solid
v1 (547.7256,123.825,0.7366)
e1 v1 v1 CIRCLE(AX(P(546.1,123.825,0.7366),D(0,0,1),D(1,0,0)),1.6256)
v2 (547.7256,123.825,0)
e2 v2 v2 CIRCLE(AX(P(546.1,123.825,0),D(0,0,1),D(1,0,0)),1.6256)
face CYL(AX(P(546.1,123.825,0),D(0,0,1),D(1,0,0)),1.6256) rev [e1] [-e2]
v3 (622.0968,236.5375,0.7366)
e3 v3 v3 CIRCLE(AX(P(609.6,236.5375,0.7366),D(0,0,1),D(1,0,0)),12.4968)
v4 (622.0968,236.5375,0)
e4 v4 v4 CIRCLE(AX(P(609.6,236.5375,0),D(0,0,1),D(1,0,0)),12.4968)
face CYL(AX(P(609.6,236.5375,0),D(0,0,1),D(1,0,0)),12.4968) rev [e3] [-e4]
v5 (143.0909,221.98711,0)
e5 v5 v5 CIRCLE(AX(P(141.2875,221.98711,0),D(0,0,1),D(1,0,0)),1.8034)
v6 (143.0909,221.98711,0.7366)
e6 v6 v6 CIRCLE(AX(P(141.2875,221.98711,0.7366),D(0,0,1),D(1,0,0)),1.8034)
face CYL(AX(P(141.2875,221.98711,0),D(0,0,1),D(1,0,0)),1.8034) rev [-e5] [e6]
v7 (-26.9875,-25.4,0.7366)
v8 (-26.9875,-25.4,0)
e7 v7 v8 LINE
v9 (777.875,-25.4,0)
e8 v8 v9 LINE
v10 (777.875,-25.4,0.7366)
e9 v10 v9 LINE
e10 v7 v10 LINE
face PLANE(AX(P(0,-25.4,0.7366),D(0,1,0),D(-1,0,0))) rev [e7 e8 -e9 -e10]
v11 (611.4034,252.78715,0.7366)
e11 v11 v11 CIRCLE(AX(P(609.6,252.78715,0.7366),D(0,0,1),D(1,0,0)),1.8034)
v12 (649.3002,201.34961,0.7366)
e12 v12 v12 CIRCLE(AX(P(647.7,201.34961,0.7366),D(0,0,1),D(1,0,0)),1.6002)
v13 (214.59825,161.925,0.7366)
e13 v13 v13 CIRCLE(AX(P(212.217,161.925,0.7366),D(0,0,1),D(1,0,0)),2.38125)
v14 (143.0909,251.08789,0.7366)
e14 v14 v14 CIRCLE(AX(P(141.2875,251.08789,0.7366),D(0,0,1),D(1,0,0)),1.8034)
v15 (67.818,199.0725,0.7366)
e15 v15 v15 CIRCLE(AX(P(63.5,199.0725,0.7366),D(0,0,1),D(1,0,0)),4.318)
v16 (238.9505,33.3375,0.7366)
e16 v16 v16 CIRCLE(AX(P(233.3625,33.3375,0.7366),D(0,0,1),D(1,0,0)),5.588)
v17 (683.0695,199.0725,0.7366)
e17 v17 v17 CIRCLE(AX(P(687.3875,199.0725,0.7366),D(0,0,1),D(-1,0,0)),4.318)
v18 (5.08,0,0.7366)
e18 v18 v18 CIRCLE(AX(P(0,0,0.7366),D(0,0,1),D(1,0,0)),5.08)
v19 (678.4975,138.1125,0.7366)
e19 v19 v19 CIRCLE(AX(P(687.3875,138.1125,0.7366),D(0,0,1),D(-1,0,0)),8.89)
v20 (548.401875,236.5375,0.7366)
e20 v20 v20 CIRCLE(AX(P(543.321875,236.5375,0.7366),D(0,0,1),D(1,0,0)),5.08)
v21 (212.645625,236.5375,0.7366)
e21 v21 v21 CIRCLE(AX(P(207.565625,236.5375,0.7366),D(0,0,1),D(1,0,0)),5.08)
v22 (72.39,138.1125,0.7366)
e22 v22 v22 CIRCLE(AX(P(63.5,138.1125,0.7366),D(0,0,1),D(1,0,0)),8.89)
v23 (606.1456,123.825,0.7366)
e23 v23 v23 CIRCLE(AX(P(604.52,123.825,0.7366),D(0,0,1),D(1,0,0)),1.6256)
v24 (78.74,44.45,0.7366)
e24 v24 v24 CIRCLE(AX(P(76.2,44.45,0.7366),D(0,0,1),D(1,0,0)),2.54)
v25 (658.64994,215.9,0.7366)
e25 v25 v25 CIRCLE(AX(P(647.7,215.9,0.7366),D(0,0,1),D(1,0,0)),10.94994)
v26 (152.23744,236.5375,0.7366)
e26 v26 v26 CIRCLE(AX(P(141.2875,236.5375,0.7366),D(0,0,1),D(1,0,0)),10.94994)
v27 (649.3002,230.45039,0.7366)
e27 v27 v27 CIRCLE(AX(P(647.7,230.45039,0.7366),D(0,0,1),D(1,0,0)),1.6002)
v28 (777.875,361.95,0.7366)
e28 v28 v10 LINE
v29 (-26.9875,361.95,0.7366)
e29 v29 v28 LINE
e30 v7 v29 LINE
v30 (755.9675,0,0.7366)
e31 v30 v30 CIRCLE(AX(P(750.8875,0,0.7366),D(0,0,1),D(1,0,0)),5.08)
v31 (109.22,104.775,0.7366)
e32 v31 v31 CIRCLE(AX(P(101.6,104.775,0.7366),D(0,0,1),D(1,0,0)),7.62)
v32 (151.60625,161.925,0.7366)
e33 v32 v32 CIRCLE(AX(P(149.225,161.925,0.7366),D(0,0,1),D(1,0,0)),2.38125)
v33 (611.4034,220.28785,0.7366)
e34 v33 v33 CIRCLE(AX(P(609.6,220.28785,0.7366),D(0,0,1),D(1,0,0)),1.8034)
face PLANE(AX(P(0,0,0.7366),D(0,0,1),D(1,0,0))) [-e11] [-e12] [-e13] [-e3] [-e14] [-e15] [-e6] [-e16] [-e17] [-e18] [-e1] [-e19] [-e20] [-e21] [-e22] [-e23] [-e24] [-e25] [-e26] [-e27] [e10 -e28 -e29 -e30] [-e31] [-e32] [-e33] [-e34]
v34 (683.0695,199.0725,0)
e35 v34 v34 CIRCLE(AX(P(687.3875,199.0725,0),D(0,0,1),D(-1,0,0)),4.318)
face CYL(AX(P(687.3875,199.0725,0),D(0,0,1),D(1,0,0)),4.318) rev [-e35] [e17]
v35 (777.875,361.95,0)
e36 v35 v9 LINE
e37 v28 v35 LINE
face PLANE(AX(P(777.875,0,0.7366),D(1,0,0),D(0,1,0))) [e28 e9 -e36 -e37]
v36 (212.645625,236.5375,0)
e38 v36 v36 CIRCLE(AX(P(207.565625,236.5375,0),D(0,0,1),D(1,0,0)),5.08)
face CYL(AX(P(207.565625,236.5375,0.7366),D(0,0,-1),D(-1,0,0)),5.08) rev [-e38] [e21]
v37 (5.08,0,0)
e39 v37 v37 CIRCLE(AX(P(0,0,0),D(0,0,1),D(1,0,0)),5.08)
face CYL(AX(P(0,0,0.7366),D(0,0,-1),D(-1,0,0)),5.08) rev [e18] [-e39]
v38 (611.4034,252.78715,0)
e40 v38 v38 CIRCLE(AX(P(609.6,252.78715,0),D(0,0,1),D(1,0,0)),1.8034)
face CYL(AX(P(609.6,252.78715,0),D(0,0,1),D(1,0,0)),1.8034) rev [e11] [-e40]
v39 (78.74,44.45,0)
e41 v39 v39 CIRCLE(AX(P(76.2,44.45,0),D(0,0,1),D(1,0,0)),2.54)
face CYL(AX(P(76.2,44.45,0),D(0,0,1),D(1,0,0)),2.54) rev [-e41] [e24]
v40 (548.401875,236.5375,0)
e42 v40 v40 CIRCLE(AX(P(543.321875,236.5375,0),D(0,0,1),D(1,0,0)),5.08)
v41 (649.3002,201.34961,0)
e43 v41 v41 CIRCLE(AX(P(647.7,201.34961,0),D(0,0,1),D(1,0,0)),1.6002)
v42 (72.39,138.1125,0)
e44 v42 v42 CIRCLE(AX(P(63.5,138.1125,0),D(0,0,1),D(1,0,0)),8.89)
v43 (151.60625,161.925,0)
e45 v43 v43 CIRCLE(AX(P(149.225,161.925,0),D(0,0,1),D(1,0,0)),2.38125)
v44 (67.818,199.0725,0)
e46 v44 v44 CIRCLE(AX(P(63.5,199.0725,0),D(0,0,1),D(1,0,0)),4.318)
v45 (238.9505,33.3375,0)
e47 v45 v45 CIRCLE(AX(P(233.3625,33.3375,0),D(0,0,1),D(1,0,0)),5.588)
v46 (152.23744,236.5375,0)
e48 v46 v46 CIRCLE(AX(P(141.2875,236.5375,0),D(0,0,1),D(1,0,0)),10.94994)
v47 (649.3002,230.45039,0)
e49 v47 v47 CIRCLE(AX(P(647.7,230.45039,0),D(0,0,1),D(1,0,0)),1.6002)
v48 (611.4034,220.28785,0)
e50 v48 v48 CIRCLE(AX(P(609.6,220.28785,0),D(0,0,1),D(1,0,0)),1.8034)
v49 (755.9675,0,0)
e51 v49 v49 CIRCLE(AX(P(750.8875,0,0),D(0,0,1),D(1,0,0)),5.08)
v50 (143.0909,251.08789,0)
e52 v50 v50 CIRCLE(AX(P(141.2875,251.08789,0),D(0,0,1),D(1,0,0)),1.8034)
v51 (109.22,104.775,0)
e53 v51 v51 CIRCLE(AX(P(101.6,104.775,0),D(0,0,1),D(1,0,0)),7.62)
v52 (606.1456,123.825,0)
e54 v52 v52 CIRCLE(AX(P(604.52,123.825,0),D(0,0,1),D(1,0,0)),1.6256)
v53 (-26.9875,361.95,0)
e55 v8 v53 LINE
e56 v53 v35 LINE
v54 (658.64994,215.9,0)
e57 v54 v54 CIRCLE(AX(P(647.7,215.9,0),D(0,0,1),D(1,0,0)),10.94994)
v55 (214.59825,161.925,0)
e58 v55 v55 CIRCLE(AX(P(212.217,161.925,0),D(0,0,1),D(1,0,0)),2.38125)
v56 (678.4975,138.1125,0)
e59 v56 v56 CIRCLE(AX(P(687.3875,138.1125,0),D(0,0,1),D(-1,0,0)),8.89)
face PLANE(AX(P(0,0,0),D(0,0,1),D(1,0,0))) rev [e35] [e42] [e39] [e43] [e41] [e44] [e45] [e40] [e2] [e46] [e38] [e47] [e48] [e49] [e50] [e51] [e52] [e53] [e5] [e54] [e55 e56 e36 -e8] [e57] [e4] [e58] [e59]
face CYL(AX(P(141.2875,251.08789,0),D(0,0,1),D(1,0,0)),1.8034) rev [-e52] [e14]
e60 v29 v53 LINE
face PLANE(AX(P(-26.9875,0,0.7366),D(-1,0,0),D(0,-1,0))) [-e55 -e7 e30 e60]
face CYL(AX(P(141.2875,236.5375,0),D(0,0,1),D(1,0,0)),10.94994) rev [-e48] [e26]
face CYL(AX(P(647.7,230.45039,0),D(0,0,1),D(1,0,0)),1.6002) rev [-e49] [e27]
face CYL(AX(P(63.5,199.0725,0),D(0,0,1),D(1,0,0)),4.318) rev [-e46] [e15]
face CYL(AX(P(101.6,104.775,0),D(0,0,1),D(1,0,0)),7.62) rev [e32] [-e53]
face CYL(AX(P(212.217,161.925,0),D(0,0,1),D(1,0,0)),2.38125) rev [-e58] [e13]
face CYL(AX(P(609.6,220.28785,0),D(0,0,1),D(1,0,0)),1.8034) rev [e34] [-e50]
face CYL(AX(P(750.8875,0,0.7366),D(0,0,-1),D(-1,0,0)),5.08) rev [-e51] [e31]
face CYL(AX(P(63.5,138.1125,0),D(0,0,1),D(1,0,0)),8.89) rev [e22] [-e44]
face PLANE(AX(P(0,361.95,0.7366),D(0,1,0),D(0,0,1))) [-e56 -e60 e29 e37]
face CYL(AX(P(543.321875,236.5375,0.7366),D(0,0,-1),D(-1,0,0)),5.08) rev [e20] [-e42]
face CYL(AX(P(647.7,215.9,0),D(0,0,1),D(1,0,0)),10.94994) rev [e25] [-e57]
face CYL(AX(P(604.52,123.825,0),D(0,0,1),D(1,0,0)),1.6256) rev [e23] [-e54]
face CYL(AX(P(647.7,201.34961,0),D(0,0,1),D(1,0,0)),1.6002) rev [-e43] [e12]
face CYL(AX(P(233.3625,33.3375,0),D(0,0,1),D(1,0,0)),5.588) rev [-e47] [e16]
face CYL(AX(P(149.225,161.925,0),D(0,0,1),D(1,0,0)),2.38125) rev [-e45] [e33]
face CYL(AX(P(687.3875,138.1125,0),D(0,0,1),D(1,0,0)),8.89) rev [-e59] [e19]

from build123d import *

# Parameters (mm, degrees)
BASE_SKETCH_W                              = 804.8625
BASE_SKETCH_H                              = 387.35
BASE_SKETCH_R                              = 5.08
BASE_W_MOUNT_HOLES_DEPTH                   = 0.7366
THROTTLE_AND_CHOKE_CUTOUT_SKETCH_R         = 8.89
THROTTLE_AND_CHOKE_CUTOUT_SKETCH_R_2       = 4.318
THROTTLE_AND_CHOKE_CUTOUTS_DEPTH           = 1.7366
STARTER_RELAY_MOUNT_SKETCH_R               = 2.38125
STARTER_RELAY_MOUNT_DEPTH                  = 1.7366
OIL_PRESSURE_SENDER_CLAMP_MOUNT_SKETCH_R   = 2.54
OIL_PRESSURE_SENDER_CLAMP_MOUNT_DEPTH      = 1.7366
STARTER_POWER_CUTOUT_SKETCH_R              = 5.588
STARTER_POWER_CUTOUT_DEPTH                 = 1.7366
FUEL_RETURN_CUTOUT_SKETCH_R                = 7.62
FUEL_RETURN_CUTOUT_DEPTH                   = 1.7366
BRAKE_MASTER_CYL_MOUNT_SKETCH_R            = 1.6256
BRAKE_MASTER_CYL_MOUNT_DEPTH               = 1.7366
CUTOUT_AS012_INSTRUMENTATION_RIGHT_S_R     = 10.94994
CUTOUT_AS012_INSTRUMENTATION_RIGHT_S_R_2   = 1.8034
CUTOUT_AS012_INSTRUMENTATION_RIGHT_DEPTH   = 1.7366
CUTOUT_AS014_TACH_AND_CDI_ENABLE_2_R       = 12.4968
CUTOUT_AS014_TACH_AND_CDI_ENABLE_2_R_2     = 1.8034
CUTOUT_AS014_TACH_AND_CDI_ENABLES_LE_DEPTH = 1.7366
CUTOUT_AS012_INSTRUMENTATION_LEFT_SK_R     = 10.94994
CUTOUT_AS012_INSTRUMENTATION_LEFT_SK_R_2   = 1.6002
CUTOUT_AS012_INSTRUMENTATION_LEFT_DEPTH    = 1.7366


with BuildPart() as part:
    # Base Sketch → Base w Mount Holes (new body)
    with BuildSketch(Plane.XY):
        with Locations((375.44375, 168.275)):
            Rectangle(BASE_SKETCH_W, BASE_SKETCH_H)
        Circle(BASE_SKETCH_R, mode=Mode.SUBTRACT)
        with Locations((750.8875, 0)):
            Circle(BASE_SKETCH_R, mode=Mode.SUBTRACT)
        with Locations((207.565625, 236.5375)):
            Circle(BASE_SKETCH_R, mode=Mode.SUBTRACT)
        with Locations((543.321875, 236.5375)):
            Circle(BASE_SKETCH_R, mode=Mode.SUBTRACT)
    extrude(amount=BASE_W_MOUNT_HOLES_DEPTH)

    # Throttle and Choke Cutout Sketch → Throttle and Choke Cutouts (cut, through all)
    with BuildSketch(Plane.XY.offset(0.7366)):
        with Locations((63.5, 138.1125)):
            Circle(THROTTLE_AND_CHOKE_CUTOUT_SKETCH_R)
        with Locations((63.5, 199.0725)):
            Circle(THROTTLE_AND_CHOKE_CUTOUT_SKETCH_R_2)
        with Locations((687.3875, 199.0725)):
            Circle(THROTTLE_AND_CHOKE_CUTOUT_SKETCH_R_2)
        with Locations((687.3875, 138.1125)):
            Circle(THROTTLE_AND_CHOKE_CUTOUT_SKETCH_R)
    extrude(amount=-THROTTLE_AND_CHOKE_CUTOUTS_DEPTH, mode=Mode.SUBTRACT)

    # Starter Relay Mount Sketch → Starter Relay Mount (cut, through all)
    with BuildSketch(Plane.XY.offset(0.7366)):
        with Locations((149.225, 161.925)):
            Circle(STARTER_RELAY_MOUNT_SKETCH_R)
        with Locations((212.217, 161.925)):
            Circle(STARTER_RELAY_MOUNT_SKETCH_R)
    extrude(amount=-STARTER_RELAY_MOUNT_DEPTH, mode=Mode.SUBTRACT)

    # Oil Pressure Sender Clamp Mount Sketch → Oil Pressure Sender Clamp Mount (cut, through all)
    with BuildSketch(Plane.XY.offset(0.7366)):
        with Locations((76.2, 44.45)):
            Circle(OIL_PRESSURE_SENDER_CLAMP_MOUNT_SKETCH_R)
    extrude(amount=-OIL_PRESSURE_SENDER_CLAMP_MOUNT_DEPTH, mode=Mode.SUBTRACT)

    # Starter Power Cutout Sketch → Starter Power Cutout (cut, through all)
    with BuildSketch(Plane.XY.offset(0.7366)):
        with Locations((233.3625, 33.3375)):
            Circle(STARTER_POWER_CUTOUT_SKETCH_R)
    extrude(amount=-STARTER_POWER_CUTOUT_DEPTH, mode=Mode.SUBTRACT)

    # Fuel Return Cutout Sketch → Fuel Return Cutout (cut, through all)
    with BuildSketch(Plane.XY.offset(0.7366)):
        with Locations((101.6, 104.775)):
            Circle(FUEL_RETURN_CUTOUT_SKETCH_R)
    extrude(amount=-FUEL_RETURN_CUTOUT_DEPTH, mode=Mode.SUBTRACT)

    # Brake Master Cyl Mount Sketch → Brake Master Cyl Mount (cut, through all)
    with BuildSketch(Plane.XY.offset(0.7366)):
        with Locations((546.1, 123.825)):
            Circle(BRAKE_MASTER_CYL_MOUNT_SKETCH_R)
        with Locations((604.52, 123.825)):
            Circle(BRAKE_MASTER_CYL_MOUNT_SKETCH_R)
    extrude(amount=-BRAKE_MASTER_CYL_MOUNT_DEPTH, mode=Mode.SUBTRACT)

    # Cutout - AS012 - Instrumentation Right Sketch → Cutout - AS012 - Instrumentation Right (cut, through all)
    with BuildSketch(Plane.XY.offset(0.7366)):
        with Locations((141.2875, 236.5375)):
            Circle(CUTOUT_AS012_INSTRUMENTATION_RIGHT_S_R)
        with Locations((141.2875, 221.98711)):
            Circle(CUTOUT_AS012_INSTRUMENTATION_RIGHT_S_R_2)
        with Locations((141.2875, 251.08789)):
            Circle(CUTOUT_AS012_INSTRUMENTATION_RIGHT_S_R_2)
    extrude(amount=-CUTOUT_AS012_INSTRUMENTATION_RIGHT_DEPTH, mode=Mode.SUBTRACT)

    # Cutout - AS014 - Tach and CDI Enable 2 → Cutout - AS014 - Tach and CDI Enables Le (cut, through all)
    with BuildSketch(Plane.XY.offset(0.7366)):
        with Locations((609.6, 236.5375)):
            Circle(CUTOUT_AS014_TACH_AND_CDI_ENABLE_2_R)
        with Locations((609.6, 252.78715)):
            Circle(CUTOUT_AS014_TACH_AND_CDI_ENABLE_2_R_2)
        with Locations((609.6, 220.28785)):
            Circle(CUTOUT_AS014_TACH_AND_CDI_ENABLE_2_R_2)
    extrude(amount=-CUTOUT_AS014_TACH_AND_CDI_ENABLES_LE_DEPTH, mode=Mode.SUBTRACT)

    # Cutout - AS012 - Instrumentation Left Sketch → Cutout - AS012 - Instrumentation Left (cut, through all)
    with BuildSketch(Plane.XY.offset(0.7366)):
        with Locations((647.7, 215.9)):
            Circle(CUTOUT_AS012_INSTRUMENTATION_LEFT_SK_R)
        with Locations((647.7, 230.45039)):
            Circle(CUTOUT_AS012_INSTRUMENTATION_LEFT_SK_R_2)
        with Locations((647.7, 201.34961)):
            Circle(CUTOUT_AS012_INSTRUMENTATION_LEFT_SK_R_2)
    extrude(amount=-CUTOUT_AS012_INSTRUMENTATION_LEFT_DEPTH, mode=Mode.SUBTRACT)


solid = part.part
